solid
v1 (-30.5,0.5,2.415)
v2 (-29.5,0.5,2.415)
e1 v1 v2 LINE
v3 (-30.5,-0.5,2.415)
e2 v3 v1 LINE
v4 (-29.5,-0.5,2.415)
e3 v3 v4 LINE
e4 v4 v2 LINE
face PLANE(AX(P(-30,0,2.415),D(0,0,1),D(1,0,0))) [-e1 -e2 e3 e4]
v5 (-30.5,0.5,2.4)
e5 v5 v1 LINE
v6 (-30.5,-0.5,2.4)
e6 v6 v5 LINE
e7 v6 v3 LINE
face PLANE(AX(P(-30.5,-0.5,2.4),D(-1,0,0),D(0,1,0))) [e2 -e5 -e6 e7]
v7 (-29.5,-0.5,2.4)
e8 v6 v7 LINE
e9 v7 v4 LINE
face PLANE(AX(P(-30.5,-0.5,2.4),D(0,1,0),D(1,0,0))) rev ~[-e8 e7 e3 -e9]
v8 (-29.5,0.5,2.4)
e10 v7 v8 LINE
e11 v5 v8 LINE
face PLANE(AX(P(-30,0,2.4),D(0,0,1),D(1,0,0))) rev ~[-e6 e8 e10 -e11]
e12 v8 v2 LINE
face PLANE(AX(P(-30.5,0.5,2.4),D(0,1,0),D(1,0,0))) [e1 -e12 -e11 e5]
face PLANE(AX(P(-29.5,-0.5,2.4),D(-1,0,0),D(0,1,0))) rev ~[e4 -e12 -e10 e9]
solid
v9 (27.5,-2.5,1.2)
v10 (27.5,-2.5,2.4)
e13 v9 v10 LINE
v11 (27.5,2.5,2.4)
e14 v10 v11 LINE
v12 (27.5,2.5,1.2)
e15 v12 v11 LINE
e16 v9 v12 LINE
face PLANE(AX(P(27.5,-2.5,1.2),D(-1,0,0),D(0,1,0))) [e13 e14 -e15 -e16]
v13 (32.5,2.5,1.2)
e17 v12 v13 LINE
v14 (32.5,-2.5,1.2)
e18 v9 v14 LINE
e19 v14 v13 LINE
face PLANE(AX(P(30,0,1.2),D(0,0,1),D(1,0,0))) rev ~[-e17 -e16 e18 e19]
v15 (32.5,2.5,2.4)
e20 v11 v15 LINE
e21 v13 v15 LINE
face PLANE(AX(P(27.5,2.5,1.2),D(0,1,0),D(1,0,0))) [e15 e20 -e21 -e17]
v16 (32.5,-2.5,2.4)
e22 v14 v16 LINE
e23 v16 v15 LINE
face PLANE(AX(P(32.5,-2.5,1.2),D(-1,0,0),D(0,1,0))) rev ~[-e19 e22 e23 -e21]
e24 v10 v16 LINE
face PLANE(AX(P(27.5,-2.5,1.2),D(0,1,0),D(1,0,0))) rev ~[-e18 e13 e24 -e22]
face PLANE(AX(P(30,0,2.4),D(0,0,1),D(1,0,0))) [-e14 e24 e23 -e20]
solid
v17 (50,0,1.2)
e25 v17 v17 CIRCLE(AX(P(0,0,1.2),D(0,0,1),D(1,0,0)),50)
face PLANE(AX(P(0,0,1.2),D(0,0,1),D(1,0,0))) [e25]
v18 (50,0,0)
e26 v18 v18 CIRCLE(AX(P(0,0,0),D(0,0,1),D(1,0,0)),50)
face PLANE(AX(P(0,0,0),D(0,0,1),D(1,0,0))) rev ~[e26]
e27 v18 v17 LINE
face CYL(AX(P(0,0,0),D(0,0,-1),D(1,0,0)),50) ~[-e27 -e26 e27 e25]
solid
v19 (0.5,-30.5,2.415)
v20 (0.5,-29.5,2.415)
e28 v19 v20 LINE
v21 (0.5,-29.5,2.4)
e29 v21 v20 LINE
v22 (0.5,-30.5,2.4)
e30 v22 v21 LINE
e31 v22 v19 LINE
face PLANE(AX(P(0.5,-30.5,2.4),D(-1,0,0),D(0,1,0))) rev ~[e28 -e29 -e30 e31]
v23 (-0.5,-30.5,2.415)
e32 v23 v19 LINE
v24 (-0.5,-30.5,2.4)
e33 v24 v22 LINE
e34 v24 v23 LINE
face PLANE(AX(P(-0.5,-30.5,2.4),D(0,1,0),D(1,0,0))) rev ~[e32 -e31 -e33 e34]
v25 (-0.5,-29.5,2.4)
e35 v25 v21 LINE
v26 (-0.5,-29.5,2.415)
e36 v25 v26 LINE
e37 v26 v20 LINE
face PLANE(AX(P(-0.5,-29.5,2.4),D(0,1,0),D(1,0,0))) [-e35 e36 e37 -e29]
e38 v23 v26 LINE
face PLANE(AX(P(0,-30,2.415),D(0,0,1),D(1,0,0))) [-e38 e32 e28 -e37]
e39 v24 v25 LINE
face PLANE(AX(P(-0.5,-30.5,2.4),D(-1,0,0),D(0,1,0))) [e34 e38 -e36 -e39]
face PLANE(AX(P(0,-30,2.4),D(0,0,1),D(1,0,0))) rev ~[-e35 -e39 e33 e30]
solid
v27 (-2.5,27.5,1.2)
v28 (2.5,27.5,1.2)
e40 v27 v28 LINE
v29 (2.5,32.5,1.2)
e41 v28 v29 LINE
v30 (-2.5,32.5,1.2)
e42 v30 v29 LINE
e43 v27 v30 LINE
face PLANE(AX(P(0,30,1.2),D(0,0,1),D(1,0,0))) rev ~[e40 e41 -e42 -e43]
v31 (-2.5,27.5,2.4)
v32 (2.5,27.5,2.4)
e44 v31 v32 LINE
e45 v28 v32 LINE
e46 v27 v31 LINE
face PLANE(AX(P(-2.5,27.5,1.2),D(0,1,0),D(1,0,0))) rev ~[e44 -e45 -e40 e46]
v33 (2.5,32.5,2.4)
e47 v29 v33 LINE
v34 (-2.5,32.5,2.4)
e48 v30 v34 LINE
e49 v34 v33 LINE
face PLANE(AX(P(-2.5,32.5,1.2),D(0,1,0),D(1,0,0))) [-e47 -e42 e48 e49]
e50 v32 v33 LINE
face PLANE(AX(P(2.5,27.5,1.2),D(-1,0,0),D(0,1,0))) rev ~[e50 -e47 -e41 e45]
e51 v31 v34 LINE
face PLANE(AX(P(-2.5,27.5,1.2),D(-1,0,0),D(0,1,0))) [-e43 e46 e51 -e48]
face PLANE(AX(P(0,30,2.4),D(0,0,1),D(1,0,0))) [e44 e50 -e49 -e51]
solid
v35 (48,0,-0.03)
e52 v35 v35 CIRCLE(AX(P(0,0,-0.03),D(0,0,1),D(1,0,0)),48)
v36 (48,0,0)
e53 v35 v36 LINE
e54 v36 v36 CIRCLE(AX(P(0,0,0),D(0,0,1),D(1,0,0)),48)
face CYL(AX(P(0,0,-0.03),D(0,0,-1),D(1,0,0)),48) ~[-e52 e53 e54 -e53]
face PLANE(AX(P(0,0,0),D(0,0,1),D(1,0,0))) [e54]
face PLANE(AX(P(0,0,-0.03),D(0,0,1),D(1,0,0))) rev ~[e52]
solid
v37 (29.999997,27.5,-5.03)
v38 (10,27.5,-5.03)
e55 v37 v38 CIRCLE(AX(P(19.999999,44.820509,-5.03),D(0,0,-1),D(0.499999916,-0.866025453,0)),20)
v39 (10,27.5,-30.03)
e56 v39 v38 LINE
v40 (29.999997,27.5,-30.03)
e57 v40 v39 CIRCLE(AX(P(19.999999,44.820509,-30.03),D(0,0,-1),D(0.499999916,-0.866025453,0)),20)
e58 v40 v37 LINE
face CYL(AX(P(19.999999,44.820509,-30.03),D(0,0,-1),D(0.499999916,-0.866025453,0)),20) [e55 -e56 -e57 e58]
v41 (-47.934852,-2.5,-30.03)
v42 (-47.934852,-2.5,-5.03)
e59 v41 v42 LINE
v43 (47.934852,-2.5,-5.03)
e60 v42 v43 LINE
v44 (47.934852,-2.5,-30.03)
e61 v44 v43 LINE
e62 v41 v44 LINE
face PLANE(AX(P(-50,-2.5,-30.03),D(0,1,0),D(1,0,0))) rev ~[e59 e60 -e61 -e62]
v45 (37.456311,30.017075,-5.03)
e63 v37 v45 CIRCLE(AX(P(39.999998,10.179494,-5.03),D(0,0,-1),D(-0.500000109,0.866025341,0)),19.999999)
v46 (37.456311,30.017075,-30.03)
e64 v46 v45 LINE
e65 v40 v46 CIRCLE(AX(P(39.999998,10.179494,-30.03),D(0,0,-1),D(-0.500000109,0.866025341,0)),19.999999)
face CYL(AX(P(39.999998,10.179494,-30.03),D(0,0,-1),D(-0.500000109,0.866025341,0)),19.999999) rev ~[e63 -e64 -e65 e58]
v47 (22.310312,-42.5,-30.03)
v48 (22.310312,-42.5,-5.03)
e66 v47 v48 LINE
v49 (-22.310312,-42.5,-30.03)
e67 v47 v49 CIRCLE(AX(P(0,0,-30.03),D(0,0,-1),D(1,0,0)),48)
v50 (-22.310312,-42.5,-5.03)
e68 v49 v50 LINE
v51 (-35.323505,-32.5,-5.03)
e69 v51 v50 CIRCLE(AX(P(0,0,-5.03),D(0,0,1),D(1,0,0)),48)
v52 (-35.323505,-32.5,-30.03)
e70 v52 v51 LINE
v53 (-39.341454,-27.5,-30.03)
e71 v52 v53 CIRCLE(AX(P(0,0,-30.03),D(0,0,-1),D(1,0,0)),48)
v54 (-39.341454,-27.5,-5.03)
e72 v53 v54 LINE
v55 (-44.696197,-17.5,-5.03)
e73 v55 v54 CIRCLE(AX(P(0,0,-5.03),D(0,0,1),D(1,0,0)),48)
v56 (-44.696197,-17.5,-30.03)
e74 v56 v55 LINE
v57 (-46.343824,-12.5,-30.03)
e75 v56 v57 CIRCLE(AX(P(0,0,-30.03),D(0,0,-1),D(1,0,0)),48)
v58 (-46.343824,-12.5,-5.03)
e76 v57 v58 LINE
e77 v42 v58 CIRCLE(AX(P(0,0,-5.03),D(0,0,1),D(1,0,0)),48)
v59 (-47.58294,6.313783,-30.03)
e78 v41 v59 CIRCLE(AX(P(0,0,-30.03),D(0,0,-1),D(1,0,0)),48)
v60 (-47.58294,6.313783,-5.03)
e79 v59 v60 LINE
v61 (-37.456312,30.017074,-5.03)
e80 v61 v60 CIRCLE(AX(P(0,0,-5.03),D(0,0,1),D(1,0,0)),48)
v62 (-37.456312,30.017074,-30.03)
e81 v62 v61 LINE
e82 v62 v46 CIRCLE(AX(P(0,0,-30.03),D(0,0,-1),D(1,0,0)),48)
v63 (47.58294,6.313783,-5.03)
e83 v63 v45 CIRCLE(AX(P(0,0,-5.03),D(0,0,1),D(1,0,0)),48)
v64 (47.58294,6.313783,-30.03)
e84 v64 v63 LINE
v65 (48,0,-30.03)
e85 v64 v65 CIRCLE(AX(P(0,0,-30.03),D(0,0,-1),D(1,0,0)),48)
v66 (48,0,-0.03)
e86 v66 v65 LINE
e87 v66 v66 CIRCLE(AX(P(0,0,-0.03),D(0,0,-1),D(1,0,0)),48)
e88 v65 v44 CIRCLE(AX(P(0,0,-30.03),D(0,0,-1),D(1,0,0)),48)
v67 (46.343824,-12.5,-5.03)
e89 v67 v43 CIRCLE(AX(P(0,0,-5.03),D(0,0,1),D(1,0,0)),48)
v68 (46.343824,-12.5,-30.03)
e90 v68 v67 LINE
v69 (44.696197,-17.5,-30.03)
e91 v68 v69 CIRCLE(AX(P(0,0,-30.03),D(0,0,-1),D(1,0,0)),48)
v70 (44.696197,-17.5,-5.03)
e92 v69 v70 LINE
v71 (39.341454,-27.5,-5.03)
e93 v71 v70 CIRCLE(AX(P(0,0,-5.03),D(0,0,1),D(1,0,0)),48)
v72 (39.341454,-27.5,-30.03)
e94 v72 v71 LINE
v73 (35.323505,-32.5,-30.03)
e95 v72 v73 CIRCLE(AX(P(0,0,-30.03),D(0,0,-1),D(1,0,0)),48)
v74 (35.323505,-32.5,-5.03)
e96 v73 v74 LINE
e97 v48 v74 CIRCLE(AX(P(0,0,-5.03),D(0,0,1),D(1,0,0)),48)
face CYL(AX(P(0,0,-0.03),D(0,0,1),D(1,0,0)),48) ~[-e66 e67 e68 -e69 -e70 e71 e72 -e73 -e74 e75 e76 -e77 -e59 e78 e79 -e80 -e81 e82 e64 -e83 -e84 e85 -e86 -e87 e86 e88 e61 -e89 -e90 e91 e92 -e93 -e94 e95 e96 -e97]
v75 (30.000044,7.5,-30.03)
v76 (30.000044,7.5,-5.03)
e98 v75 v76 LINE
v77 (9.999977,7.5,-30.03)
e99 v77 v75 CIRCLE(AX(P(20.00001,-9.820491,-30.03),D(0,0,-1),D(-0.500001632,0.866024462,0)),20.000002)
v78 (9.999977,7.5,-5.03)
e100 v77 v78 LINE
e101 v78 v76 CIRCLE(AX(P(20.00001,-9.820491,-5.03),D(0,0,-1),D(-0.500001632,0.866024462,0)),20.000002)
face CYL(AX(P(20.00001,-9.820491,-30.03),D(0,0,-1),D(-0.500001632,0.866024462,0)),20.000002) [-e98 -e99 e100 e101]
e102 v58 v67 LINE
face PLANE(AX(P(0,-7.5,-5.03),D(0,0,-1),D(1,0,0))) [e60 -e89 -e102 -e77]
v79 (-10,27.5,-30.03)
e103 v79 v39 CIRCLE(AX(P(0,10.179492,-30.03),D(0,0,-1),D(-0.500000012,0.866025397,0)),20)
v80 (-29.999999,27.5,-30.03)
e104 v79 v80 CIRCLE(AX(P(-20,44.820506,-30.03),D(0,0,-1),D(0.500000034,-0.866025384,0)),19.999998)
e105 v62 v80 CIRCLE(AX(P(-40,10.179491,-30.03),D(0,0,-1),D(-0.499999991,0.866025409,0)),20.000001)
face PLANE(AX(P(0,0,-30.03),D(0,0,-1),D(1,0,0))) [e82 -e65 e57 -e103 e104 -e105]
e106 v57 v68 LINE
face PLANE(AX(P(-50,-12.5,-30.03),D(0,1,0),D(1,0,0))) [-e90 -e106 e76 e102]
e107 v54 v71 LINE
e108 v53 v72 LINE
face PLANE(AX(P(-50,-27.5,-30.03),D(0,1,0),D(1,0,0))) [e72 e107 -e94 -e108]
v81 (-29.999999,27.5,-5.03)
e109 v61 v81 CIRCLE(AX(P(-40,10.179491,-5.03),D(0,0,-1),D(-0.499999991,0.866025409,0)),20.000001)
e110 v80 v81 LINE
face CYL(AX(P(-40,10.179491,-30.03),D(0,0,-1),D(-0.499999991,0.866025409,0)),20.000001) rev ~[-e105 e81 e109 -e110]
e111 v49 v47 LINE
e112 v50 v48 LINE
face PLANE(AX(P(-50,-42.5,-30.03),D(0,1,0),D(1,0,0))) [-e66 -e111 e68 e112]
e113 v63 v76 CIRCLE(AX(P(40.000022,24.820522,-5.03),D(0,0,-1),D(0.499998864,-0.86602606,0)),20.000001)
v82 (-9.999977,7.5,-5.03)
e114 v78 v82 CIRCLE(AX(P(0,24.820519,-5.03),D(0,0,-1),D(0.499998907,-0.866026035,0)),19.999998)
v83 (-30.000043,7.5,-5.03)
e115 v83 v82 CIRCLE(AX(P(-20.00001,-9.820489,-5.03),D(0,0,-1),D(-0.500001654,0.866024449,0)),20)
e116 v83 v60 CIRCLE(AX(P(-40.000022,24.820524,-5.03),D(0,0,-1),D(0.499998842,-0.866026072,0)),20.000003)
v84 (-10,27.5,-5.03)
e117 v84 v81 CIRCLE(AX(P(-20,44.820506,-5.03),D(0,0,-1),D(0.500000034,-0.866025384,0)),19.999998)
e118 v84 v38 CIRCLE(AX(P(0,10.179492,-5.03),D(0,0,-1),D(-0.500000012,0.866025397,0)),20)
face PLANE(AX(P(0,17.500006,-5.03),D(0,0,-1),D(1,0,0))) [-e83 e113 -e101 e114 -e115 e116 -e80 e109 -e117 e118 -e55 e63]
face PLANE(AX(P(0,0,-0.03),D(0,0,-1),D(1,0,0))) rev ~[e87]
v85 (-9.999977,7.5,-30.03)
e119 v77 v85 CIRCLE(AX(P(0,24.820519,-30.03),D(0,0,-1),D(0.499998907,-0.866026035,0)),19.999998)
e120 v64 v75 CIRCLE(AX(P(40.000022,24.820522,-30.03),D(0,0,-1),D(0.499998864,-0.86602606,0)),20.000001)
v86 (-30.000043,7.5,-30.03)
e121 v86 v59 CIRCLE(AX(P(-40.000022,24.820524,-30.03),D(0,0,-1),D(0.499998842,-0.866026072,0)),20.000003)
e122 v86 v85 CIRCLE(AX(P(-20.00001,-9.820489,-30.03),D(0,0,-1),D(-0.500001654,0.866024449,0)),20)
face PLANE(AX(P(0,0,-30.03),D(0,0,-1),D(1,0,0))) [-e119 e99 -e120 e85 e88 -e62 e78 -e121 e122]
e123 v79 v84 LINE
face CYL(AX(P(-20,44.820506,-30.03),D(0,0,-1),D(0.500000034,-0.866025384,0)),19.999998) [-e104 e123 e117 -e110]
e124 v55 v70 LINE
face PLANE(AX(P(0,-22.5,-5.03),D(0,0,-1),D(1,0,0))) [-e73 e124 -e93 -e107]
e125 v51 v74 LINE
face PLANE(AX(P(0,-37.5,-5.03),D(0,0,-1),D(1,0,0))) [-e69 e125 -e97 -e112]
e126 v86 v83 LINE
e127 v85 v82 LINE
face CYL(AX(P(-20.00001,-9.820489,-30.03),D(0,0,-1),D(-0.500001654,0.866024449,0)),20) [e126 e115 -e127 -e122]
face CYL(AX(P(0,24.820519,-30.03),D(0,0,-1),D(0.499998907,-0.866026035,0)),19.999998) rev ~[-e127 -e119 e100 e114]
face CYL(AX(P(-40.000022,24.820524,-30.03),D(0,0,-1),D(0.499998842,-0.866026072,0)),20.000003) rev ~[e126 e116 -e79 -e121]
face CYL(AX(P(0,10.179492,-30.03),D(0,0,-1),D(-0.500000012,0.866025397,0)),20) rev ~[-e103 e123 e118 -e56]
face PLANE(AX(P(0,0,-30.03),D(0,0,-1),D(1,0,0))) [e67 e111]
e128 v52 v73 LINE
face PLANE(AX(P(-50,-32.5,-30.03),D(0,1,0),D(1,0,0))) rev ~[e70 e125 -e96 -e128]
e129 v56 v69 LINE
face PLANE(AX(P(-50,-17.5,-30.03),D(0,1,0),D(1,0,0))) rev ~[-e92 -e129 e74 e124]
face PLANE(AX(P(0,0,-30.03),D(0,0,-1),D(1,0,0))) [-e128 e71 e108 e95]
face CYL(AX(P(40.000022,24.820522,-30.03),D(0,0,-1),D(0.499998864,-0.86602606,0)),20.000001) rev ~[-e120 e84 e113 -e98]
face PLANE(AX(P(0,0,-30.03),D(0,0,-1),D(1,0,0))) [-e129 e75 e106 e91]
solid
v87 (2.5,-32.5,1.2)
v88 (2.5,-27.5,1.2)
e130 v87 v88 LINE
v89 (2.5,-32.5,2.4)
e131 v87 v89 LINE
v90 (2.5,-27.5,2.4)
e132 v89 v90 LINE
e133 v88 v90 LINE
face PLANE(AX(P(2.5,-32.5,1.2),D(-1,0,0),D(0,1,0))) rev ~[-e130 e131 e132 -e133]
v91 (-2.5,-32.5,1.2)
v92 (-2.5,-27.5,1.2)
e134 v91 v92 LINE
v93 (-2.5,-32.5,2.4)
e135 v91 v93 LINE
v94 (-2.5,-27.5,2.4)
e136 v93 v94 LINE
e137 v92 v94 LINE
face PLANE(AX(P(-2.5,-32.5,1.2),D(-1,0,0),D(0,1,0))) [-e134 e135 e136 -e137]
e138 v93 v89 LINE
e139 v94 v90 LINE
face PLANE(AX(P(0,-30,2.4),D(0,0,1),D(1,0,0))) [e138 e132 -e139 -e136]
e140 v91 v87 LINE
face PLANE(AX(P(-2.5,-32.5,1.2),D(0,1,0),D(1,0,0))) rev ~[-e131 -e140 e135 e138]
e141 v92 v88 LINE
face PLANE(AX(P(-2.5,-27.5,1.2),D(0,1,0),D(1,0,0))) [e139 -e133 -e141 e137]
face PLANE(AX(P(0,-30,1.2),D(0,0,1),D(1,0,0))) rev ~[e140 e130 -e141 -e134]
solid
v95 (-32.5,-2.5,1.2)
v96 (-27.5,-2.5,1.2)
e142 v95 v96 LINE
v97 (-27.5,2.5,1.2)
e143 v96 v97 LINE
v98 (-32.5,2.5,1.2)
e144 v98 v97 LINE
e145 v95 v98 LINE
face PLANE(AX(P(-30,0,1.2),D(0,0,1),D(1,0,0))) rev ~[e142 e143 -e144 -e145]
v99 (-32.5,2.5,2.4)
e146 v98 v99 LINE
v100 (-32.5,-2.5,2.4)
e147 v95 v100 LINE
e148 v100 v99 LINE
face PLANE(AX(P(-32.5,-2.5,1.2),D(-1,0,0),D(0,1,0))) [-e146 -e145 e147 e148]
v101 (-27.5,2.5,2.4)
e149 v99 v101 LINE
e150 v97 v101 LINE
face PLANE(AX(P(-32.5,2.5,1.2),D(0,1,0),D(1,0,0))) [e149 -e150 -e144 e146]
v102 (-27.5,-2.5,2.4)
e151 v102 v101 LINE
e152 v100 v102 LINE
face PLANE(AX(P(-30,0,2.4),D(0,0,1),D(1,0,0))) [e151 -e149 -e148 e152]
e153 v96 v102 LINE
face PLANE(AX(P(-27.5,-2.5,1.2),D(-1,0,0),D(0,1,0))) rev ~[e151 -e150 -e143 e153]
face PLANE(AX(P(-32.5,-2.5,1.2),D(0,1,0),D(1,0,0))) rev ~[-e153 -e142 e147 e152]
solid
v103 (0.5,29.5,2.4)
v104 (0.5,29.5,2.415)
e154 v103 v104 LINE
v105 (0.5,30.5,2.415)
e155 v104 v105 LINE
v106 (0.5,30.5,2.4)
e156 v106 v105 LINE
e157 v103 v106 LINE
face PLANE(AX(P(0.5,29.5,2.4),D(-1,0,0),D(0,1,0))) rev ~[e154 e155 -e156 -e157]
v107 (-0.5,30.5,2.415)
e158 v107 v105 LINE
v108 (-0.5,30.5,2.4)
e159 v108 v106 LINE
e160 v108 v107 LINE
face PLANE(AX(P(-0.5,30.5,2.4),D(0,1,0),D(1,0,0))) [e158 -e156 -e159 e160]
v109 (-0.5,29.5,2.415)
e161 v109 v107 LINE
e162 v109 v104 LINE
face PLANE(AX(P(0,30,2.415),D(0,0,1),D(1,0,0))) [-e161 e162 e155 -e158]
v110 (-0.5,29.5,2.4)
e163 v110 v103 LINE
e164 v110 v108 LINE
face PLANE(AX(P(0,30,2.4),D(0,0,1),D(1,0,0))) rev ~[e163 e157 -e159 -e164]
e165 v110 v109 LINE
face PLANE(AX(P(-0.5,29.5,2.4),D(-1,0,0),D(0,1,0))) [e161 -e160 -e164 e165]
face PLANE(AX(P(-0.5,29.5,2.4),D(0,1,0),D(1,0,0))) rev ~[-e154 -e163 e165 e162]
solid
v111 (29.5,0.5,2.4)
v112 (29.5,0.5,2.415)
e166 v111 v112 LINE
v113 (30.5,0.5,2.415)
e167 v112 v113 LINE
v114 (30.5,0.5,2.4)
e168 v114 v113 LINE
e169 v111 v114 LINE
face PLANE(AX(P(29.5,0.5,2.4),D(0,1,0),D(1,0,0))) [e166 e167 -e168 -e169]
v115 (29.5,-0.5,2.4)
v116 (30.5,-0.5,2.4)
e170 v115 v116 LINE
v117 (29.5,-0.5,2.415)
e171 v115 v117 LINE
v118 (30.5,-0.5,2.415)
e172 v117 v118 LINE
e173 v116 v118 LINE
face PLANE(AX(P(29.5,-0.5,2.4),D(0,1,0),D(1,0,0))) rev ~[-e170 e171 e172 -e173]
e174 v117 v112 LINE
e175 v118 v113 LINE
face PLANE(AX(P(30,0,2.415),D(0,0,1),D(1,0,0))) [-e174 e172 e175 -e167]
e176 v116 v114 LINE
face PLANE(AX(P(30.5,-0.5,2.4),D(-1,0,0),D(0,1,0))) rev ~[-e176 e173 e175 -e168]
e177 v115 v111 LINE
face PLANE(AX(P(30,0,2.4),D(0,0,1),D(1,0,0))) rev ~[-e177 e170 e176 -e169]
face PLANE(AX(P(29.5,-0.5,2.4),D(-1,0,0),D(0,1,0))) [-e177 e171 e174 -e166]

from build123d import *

# Parameters (mm, degrees)
CYLINDER_R        = 50
CYLINDER_DEPTH    = 1.2
CYLINDER001_R     = 48
CYLINDER001_DEPTH = 0.03
BOX_W             = 5
BOX_H             = 5
BOX_DEPTH         = 1.2
BOX001_W          = 5
BOX001_H          = 5
BOX001_DEPTH      = 1.2
BOX002_W          = 5
BOX002_H          = 5
BOX002_DEPTH      = 1.2
BOX003_W          = 5
BOX003_H          = 5
BOX003_DEPTH      = 1.2
BOX004_W          = 1
BOX004_H          = 1
BOX004_DEPTH      = 0.015
BOX005_W          = 1
BOX005_H          = 1
BOX005_DEPTH      = 0.015
BOX006_W          = 1
BOX006_H          = 1
BOX006_DEPTH      = 0.015
BOX007_W          = 1
BOX007_H          = 1
BOX007_DEPTH      = 0.015
SKETCH_R          = 48
EXTRUDE_DEPTH     = 30
SKETCH001_W       = 100
SKETCH001_H       = 10
POCKET_DEPTH      = 25


with BuildPart() as pcb:
    # Cylinder → Cylinder (new body)
    with BuildSketch(Plane.XY):
        Circle(CYLINDER_R)
    extrude(amount=CYLINDER_DEPTH)


with BuildPart() as tim:
    # Cylinder001 → Cylinder001 (new body)
    with BuildSketch(Plane.XY.offset(-0.03)):
        Circle(CYLINDER001_R)
    extrude(amount=CYLINDER001_DEPTH)


with BuildPart() as slug01:
    # Box → Box (new body)
    with BuildSketch(Plane(origin=(-2.5, 27.5, 1.2), x_dir=(1, 0, 0), z_dir=(0, 0, 1))):
        with Locations((2.5, 2.5)):
            Rectangle(BOX_W, BOX_H)
    extrude(amount=BOX_DEPTH)


with BuildPart() as slug02:
    # Box001 → Box001 (new body)
    with BuildSketch(Plane(origin=(27.5, -2.5, 1.2), x_dir=(1, 0, 0), z_dir=(0, 0, 1))):
        with Locations((2.5, 2.5)):
            Rectangle(BOX001_W, BOX001_H)
    extrude(amount=BOX001_DEPTH)


with BuildPart() as slug03:
    # Box002 → Box002 (new body)
    with BuildSketch(Plane(origin=(-2.5, -32.5, 1.2), x_dir=(1, 0, 0), z_dir=(0, 0, 1))):
        with Locations((2.5, 2.5)):
            Rectangle(BOX002_W, BOX002_H)
    extrude(amount=BOX002_DEPTH)


with BuildPart() as slug04:
    # Box003 → Box003 (new body)
    with BuildSketch(Plane(origin=(-32.5, -2.5, 1.2), x_dir=(1, 0, 0), z_dir=(0, 0, 1))):
        with Locations((2.5, 2.5)):
            Rectangle(BOX003_W, BOX003_H)
    extrude(amount=BOX003_DEPTH)


with BuildPart() as led01:
    # Box004 → Box004 (new body)
    with BuildSketch(Plane(origin=(-0.5, 29.5, 2.4), x_dir=(1, 0, 0), z_dir=(0, 0, 1))):
        with Locations((0.5, 0.5)):
            Rectangle(BOX004_W, BOX004_H)
    extrude(amount=BOX004_DEPTH)


with BuildPart() as led02:
    # Box005 → Box005 (new body)
    with BuildSketch(Plane(origin=(29.5, -0.5, 2.4), x_dir=(1, 0, 0), z_dir=(0, 0, 1))):
        with Locations((0.5, 0.5)):
            Rectangle(BOX005_W, BOX005_H)
    extrude(amount=BOX005_DEPTH)


with BuildPart() as led03:
    # Box006 → Box006 (new body)
    with BuildSketch(Plane(origin=(-0.5, -30.5, 2.4), x_dir=(1, 0, 0), z_dir=(0, 0, 1))):
        with Locations((0.5, 0.5)):
            Rectangle(BOX006_W, BOX006_H)
    extrude(amount=BOX006_DEPTH)


with BuildPart() as led04:
    # Box007 → Box007 (new body)
    with BuildSketch(Plane(origin=(-30.5, -0.5, 2.4), x_dir=(1, 0, 0), z_dir=(0, 0, 1))):
        with Locations((0.5, 0.5)):
            Rectangle(BOX007_W, BOX007_H)
    extrude(amount=BOX007_DEPTH)


with BuildPart() as heatsink:
    # Sketch → Extrude (new body)
    with BuildSketch(Plane(origin=(0, 0, -0.03), x_dir=(1, 0, 0), z_dir=(0, 0, -1))):
        Circle(SKETCH_R)
    extrude(amount=EXTRUDE_DEPTH)

    # Sketch001 → Pocket (cut)
    with BuildSketch(Plane(origin=(0, 0, -30.03), x_dir=(1, 0, 0), z_dir=(0, 0, -1))):
        with Locations((0, 37.5)):
            Rectangle(SKETCH001_W, SKETCH001_H)
        with Locations((0, 22.5)):
            Rectangle(SKETCH001_W, SKETCH001_H)
        with Locations((0, 7.5)):
            Rectangle(SKETCH001_W, SKETCH001_H)
        with BuildLine():
            ThreePointArc((-30.000043, -7.5), (-40.000022, -4.820521), (-50, -7.5))
            Line((-50, -7.5), (-50, -27.5))
            ThreePointArc((-50, -27.5), (-40, -30.179492), (-29.999999, -27.5))
            ThreePointArc((-10, -27.5), (-20, -24.820508), (-29.999999, -27.5))
            ThreePointArc((-10, -27.5), (0, -30.179492), (10, -27.5))
            ThreePointArc((29.999997, -27.5), (19.999999, -24.820509), (10, -27.5))
            ThreePointArc((29.999997, -27.5), (39.999999, -30.179493), (50, -27.5))
            Line((50, -7.5), (50, -27.5))
            ThreePointArc((50, -7.5), (40.000022, -4.820521), (30.000044, -7.5))
            ThreePointArc((9.999977, -7.5), (20.00001, -10.179511), (30.000044, -7.5))
            ThreePointArc((9.999977, -7.5), (0, -4.820521), (-9.999977, -7.5))
            ThreePointArc((-30.000043, -7.5), (-20.00001, -10.179511), (-9.999977, -7.5))
        make_face()
    extrude(amount=-POCKET_DEPTH, mode=Mode.SUBTRACT)


solid = Compound([pcb.part, tim.part, slug01.part, slug02.part, slug03.part, slug04.part, led01.part, led02.part, led03.part, led04.part, heatsink.part])
